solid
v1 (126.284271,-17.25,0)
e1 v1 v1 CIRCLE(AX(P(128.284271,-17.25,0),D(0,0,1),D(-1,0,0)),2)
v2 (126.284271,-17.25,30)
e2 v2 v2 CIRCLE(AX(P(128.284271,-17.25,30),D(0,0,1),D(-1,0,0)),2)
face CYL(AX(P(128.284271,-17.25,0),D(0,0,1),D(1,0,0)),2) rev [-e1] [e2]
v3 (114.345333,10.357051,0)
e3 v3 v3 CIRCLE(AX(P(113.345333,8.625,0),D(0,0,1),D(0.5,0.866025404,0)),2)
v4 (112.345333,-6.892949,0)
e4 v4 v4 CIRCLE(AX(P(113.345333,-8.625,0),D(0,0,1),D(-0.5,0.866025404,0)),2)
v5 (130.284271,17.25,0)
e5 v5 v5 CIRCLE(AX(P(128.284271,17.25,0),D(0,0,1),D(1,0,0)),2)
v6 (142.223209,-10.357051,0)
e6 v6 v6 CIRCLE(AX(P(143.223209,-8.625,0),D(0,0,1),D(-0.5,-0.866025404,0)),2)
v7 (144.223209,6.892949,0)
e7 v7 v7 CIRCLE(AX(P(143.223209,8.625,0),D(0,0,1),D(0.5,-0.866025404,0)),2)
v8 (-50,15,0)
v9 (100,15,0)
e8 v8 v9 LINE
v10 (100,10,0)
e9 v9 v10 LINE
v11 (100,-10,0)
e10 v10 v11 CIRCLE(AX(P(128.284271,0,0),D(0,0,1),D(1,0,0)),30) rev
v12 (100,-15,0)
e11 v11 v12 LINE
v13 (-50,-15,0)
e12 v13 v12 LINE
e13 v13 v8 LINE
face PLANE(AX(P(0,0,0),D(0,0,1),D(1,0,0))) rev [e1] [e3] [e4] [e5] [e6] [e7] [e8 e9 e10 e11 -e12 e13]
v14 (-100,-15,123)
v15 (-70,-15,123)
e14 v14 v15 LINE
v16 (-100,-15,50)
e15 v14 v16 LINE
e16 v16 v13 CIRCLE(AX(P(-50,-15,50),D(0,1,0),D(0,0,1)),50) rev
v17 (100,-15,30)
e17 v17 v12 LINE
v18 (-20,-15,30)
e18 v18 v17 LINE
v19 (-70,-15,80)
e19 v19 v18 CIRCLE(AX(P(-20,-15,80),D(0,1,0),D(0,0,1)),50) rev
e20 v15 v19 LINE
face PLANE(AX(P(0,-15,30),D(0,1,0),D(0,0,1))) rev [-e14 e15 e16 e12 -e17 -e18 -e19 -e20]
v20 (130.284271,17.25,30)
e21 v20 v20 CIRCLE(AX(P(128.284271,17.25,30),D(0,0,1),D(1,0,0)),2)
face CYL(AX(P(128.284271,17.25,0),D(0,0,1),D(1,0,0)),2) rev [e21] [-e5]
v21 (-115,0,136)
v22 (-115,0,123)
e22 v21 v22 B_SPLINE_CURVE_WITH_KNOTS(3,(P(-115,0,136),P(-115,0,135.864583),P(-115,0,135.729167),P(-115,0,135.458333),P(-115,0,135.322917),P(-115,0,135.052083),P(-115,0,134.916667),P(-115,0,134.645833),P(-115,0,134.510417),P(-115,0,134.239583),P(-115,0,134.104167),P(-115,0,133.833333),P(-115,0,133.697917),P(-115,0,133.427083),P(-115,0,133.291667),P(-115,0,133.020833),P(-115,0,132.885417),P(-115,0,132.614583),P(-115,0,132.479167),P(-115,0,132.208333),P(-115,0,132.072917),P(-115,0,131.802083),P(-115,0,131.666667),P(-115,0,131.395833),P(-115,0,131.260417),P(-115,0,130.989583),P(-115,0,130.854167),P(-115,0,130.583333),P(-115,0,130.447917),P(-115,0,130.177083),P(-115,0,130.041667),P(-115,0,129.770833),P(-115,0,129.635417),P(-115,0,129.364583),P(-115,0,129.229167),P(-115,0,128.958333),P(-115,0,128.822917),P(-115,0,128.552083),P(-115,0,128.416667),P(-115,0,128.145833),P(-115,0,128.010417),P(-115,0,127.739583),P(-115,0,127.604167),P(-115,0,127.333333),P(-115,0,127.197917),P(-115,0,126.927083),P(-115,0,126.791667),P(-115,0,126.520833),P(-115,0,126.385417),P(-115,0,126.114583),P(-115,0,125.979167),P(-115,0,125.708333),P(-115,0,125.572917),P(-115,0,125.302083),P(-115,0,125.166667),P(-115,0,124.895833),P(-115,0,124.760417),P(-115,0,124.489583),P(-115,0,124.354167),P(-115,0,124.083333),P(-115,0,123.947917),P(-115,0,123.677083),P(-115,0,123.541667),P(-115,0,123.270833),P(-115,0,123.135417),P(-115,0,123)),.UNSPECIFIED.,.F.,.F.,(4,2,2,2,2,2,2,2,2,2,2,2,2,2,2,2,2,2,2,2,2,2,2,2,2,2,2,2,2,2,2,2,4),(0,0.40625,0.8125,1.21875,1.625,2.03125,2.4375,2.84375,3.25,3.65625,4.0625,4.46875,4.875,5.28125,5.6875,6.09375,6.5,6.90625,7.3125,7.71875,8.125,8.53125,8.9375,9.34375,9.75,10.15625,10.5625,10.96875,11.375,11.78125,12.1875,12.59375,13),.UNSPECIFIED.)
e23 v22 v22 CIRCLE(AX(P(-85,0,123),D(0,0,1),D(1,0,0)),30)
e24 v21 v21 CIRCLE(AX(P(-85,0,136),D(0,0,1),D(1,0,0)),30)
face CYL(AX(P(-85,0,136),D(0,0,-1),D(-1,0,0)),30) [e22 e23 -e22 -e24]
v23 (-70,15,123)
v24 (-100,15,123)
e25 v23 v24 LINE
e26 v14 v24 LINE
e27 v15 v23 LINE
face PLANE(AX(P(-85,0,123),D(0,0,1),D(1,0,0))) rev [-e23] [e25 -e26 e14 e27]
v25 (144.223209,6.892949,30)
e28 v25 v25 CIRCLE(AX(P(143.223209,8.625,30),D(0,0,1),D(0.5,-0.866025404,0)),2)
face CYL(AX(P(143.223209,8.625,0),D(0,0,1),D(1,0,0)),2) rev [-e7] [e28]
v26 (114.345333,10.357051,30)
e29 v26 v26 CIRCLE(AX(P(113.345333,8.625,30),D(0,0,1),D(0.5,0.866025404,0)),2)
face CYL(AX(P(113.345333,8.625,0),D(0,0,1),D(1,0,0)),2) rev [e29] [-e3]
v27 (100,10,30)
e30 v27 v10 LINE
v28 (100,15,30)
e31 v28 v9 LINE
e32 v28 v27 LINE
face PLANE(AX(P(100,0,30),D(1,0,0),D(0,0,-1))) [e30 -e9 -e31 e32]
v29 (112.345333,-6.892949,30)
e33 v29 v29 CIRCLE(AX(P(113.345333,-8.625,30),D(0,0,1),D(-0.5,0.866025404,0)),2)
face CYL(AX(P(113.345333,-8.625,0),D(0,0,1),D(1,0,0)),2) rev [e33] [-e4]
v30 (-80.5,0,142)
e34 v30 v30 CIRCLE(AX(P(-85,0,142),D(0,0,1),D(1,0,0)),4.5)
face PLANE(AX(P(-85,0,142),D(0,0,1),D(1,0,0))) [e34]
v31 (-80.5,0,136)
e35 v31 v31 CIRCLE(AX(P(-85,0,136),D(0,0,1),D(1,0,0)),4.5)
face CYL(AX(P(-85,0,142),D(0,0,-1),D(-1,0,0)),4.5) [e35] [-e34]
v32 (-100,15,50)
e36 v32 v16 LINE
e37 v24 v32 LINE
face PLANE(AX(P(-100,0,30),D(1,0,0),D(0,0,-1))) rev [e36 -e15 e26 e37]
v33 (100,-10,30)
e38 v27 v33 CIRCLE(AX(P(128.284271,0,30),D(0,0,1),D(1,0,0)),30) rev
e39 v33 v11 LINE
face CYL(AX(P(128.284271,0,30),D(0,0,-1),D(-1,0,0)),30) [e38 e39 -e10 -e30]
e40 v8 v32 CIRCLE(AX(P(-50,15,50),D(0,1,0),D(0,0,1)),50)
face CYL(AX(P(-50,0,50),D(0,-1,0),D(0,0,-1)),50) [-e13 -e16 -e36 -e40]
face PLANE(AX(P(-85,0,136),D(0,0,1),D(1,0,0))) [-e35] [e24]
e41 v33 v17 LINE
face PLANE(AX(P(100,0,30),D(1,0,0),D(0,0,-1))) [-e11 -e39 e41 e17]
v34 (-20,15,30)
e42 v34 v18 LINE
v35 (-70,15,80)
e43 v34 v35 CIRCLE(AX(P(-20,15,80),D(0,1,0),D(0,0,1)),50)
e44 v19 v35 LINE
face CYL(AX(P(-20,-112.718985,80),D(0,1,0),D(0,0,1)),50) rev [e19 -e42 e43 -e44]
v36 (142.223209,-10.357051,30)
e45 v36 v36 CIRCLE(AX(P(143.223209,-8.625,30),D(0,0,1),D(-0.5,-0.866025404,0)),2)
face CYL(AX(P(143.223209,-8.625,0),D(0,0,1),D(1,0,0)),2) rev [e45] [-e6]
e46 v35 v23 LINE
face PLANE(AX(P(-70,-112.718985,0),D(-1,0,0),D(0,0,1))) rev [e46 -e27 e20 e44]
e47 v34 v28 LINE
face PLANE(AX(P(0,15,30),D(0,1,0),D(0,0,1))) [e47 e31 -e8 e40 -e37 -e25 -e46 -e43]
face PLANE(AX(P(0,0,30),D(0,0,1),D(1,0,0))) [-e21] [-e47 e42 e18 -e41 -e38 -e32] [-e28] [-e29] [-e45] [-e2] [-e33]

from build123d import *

# Parameters (mm, degrees)
EXTRUDE_1_DEPTH          = 30
SKETCH_12_W              = 30
SKETCH_12_H              = 93
EXTRUDE_6_DEPTH          = 30
SKETCH_16_R              = 30
EXTRUDE_9_DEPTH          = 13
FILLET_1_R               = 50
FILLET_2_R               = 50
SKETCH_17_R              = 2
CUT_EXTRUDE_1_DEPTH      = 193.846857699
PATTERN_CIRCULAR_1_COUNT = 6
SKETCH_18_R              = 4.5
EXTRUDE_10_DEPTH         = 6


with BuildPart() as part:
    # 草图1 → 凸台-拉伸1 (new body)
    with BuildSketch(Plane.XY):
        Polygon((100, -10), (100, 0), (100, 10), (100, 15), (-100, 15), (-100, -15), (100, -15), align=None)
        with BuildLine():
            Line((100, 10), (100, 0))
            Line((100, 0), (100, -10))
            ThreePointArc((100, -10), (158.284271247, 0), (100, 10))
        make_face()
    extrude(amount=EXTRUDE_1_DEPTH)

    # 草图12 → 凸台-拉伸6 (add)
    with BuildSketch(Plane(origin=(0, 15, 0), x_dir=(1, 0, 0), z_dir=(0, 1, 0))):
        with Locations((-85, -76.5)):
            Rectangle(SKETCH_12_W, SKETCH_12_H)
    extrude(amount=-EXTRUDE_6_DEPTH)

    # 草图16 → 凸台-拉伸9 (add)
    with BuildSketch(Plane.XY.offset(123)):
        with Locations(Location((-85, 0, 0), (0, 0, 180))):
            Circle(SKETCH_16_R)
    extrude(amount=EXTRUDE_9_DEPTH)

    # 圆角1
    fillet_1_edges = [part.edges().sort_by_distance(p)[0] for p in [
        (-70, 0, 30),
    ]]
    fillet(fillet_1_edges, radius=FILLET_1_R)

    # 圆角2
    fillet_2_edges = [part.edges().sort_by_distance(p)[0] for p in [
        (-100, 0, 0),
    ]]
    fillet(fillet_2_edges, radius=FILLET_2_R)

    # 草图17 → 切除-拉伸1 (cut, through all)
    with BuildSketch(Plane.XY.offset(30)):
        with Locations((128.284271247, 17.25)):
            Circle(SKETCH_17_R)
    cut_extrude_1 = extrude(amount=-CUT_EXTRUDE_1_DEPTH, mode=Mode.SUBTRACT)

    # 阵列(圆周)1: 切除-拉伸1 ×6 about axis
    pattern_circular_1_axis = Axis((128.284271247, 0, 0), (0, 0, 1))
    for i in range(1, PATTERN_CIRCULAR_1_COUNT):
        add(cut_extrude_1.rotate(pattern_circular_1_axis, i * 360 / PATTERN_CIRCULAR_1_COUNT), mode=Mode.SUBTRACT)

    # 草图18 → 凸台-拉伸10 (add)
    with BuildSketch(Plane.XY.offset(136)):
        with Locations((-85, 0)):
            Circle(SKETCH_18_R)
    extrude(amount=EXTRUDE_10_DEPTH)


solid = part.part
